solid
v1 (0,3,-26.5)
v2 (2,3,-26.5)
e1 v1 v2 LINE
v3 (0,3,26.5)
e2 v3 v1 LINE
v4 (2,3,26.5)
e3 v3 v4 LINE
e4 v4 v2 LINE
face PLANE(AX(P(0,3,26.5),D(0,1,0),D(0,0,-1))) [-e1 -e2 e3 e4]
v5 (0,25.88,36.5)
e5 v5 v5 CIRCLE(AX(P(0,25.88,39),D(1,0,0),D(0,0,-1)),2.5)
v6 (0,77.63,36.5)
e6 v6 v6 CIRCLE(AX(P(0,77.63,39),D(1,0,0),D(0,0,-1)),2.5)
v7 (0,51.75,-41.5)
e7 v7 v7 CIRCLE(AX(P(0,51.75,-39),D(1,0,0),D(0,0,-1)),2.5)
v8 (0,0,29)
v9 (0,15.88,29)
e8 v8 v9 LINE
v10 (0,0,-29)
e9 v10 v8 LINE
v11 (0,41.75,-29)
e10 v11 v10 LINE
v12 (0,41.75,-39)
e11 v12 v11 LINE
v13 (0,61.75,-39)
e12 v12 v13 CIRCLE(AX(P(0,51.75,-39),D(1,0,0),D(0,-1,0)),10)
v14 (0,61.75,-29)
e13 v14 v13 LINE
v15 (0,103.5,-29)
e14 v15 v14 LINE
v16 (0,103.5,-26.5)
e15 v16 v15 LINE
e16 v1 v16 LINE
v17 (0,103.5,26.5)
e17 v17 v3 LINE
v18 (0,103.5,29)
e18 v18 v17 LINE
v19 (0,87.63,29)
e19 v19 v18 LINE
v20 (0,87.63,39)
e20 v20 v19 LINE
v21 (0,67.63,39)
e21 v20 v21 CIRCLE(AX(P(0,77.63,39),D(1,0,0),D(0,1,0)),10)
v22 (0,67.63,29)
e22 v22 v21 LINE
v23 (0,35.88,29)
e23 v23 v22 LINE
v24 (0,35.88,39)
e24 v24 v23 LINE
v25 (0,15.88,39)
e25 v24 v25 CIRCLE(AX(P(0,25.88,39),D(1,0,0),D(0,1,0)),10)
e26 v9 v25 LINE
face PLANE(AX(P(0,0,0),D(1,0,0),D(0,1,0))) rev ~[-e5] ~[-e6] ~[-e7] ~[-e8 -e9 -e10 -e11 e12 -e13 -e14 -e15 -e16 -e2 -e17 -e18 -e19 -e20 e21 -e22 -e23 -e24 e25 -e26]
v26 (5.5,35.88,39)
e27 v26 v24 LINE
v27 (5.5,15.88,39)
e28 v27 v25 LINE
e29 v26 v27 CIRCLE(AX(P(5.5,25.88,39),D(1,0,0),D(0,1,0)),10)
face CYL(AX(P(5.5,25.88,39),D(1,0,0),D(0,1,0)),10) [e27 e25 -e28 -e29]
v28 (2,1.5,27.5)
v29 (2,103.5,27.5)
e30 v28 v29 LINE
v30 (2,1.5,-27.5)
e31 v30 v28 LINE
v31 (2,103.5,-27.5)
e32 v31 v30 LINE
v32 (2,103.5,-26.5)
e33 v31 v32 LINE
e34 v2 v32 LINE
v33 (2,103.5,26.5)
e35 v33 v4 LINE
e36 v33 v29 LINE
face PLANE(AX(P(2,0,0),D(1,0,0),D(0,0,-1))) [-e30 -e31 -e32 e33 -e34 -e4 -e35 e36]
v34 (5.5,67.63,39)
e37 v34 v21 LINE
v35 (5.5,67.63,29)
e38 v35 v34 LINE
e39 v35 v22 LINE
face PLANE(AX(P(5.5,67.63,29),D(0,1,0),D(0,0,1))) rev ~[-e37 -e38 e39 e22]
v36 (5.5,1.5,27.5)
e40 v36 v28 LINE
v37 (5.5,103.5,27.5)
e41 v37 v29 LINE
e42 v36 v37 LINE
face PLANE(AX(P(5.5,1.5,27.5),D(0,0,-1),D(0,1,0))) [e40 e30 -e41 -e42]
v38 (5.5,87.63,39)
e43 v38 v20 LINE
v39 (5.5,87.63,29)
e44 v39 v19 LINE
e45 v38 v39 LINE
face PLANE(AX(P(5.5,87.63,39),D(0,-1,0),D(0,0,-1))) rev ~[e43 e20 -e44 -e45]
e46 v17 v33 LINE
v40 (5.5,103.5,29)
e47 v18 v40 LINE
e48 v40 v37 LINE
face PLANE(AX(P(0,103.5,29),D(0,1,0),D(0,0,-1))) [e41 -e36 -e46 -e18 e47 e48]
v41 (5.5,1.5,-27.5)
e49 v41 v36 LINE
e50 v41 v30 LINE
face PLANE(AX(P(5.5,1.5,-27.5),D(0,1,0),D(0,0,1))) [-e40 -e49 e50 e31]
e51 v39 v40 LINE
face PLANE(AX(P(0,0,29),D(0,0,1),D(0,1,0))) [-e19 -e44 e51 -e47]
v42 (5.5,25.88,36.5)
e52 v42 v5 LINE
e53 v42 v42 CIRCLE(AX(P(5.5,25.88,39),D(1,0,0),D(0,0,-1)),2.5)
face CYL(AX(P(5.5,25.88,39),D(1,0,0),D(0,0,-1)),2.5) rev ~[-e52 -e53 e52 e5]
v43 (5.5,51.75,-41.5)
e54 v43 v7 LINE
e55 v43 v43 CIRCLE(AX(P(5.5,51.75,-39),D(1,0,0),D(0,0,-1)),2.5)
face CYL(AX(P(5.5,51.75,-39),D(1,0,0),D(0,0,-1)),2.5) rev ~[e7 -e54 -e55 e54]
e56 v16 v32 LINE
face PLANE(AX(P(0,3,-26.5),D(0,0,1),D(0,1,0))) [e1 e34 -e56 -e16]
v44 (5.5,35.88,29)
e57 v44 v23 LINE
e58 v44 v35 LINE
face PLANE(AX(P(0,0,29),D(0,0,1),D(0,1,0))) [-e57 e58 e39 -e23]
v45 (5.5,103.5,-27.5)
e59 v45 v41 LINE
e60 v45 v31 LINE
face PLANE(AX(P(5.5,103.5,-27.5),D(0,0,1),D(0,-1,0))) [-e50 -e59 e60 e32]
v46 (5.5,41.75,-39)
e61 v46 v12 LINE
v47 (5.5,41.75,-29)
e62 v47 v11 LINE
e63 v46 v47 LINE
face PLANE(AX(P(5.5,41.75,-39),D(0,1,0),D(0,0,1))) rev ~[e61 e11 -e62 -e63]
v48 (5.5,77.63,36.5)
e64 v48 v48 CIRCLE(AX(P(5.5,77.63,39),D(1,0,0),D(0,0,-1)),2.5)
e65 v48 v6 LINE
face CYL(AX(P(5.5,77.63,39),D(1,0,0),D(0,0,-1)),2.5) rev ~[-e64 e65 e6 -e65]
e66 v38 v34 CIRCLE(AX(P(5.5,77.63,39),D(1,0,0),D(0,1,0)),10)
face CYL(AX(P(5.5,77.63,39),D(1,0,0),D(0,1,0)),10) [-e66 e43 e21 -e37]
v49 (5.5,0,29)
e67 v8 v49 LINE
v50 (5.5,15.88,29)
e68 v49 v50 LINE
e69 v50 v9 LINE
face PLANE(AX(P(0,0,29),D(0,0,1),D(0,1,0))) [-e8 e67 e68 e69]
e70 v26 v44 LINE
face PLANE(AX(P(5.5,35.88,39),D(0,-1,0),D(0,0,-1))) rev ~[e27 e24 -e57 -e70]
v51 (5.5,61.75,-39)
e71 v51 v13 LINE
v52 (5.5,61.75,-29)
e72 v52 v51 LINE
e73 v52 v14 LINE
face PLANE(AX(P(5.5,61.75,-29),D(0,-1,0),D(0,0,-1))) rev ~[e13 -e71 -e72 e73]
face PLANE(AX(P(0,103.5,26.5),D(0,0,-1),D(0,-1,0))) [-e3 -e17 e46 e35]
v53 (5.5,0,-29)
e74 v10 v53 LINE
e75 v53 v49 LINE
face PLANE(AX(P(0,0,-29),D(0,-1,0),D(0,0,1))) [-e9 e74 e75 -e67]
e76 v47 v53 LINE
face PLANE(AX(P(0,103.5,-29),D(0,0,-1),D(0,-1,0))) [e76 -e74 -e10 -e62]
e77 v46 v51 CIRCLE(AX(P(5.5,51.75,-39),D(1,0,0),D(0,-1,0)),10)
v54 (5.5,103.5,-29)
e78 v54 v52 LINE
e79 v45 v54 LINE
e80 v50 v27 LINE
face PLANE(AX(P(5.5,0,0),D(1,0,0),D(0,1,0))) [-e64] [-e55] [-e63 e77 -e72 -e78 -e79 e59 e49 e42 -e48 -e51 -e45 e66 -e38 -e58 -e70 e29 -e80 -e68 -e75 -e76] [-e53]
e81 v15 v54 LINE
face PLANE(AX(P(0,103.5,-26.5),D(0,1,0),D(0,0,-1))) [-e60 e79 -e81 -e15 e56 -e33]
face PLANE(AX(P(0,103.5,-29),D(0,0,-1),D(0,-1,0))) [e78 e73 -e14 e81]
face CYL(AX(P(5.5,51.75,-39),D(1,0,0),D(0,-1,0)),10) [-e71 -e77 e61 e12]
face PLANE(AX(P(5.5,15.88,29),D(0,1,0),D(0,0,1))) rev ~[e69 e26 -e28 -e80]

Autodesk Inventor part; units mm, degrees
ref_plane "YZ Plane" through (0, 0, 0) normal (1, 0, 0) x (0, 1, 0)
ref_plane "XZ Plane" through (0, 0, 0) normal (0, 1, 0) x (-1, 0, 0)
ref_plane "XY Plane" through (0, 0, 0) normal (0, 0, 1) x (1, 0, 0)
sketch "Sketch1" plane through (0, 0, 0) normal (1, 0, 0) x (0, 1, 0)
  line L0 (0, 29) -> (103.5, 29)
  line L1 (103.5, -29) -> (0, -29)
  line L2 (0, -29) -> (0, 29)
  line L3 (103.5, 29) -> (103.5, 26.5)
  line L4 (103.5, 26.5) -> (3, 26.5)
  line L5 (3, 26.5) -> (3, -26.5)
  line L6 (3, -26.5) -> (103.5, -26.5)
  line L7 (103.5, -26.5) -> (103.5, -29)
  point P0 (0, 0)
  point P1 (0, 0)
  dimension "d0" = 103.5
  dimension "d1" = 58
  dimension "d2" = 2.5
  dimension "d3" = 2.5
  dimension "d4" = 3
extrude "Extrusion1" add sketch "Sketch1" along normal blind 5.5
sketch "Sketch2" plane through (5.5, 0, 0) normal (1, 0, 0) x (0, 0, -1)
  circle A0 centre (39, 51.75) radius 2.5
  circle A1 centre (-39, 77.63) radius 2.5
  circle A2 centre (-39, 25.88) radius 2.5
  arc A3 (39, 41.75) -> (39, 61.75) centre (39, 51.75) ccw
  arc A4 (-39, 87.63) -> (-39, 67.63) centre (-39, 77.63) ccw
  arc A5 (-39, 35.88) -> (-39, 15.88) centre (-39, 25.88) ccw
  line L0 (-39, 87.63) -> (-29, 87.63)
  line L1 (-29, 87.63) -> (-29, 67.63)
  line L2 (-29, 67.63) -> (-39, 67.63)
  line L3 (-39, 35.88) -> (-29, 35.88)
  line L4 (-29, 35.88) -> (-29, 15.88)
  line L5 (-29, 15.88) -> (-39, 15.88)
  line L6 (39, 41.75) -> (29, 41.75)
  line L7 (29, 41.75) -> (29, 61.75)
  line L8 (29, 61.75) -> (39, 61.75)
  point P0 (0, 0)
  point P1 (-29, 0)
  point P2 (29, 0)
  dimension "d9" = 5
  dimension "d10" = 10
  dimension "d11" = 10
  dimension "d12" = 41.75
  dimension "d13" = 15.88
  dimension "d14" = 51.75
extrude "Extrusion2" add sketch "Sketch2" against normal blind 5.5
sketch "Sketch3" plane through (5.5, 0, 0) normal (1, 0, 0) x (0, 0, -1)
  line L0 (-27.5, 103.5) -> (27.5, 103.5)
  line L1 (27.5, 103.5) -> (27.5, 1.5)
  line L2 (27.5, 1.5) -> (-27.5, 1.5)
  line L3 (-27.5, 1.5) -> (-27.5, 103.5)
  line L4 (-26.5, 3) -> (-26.5, 103.5) projected
  line L5 (26.5, 103.5) -> (26.5, 3) projected
  line L6 (26.5, 3) -> (-26.5, 3) projected
  point P0 (0, 0)
  point P1 (-29, 103.5)
  dimension "d17" = 1
  dimension "d18" = 1
  dimension "d19" = 1.5
extrude "Extrusion3" cut sketch "Sketch3" against normal blind 3.5
equation "\"d3\" = d2"
equation "\"d18\" = d17"
properties material "ABS Plastic"
